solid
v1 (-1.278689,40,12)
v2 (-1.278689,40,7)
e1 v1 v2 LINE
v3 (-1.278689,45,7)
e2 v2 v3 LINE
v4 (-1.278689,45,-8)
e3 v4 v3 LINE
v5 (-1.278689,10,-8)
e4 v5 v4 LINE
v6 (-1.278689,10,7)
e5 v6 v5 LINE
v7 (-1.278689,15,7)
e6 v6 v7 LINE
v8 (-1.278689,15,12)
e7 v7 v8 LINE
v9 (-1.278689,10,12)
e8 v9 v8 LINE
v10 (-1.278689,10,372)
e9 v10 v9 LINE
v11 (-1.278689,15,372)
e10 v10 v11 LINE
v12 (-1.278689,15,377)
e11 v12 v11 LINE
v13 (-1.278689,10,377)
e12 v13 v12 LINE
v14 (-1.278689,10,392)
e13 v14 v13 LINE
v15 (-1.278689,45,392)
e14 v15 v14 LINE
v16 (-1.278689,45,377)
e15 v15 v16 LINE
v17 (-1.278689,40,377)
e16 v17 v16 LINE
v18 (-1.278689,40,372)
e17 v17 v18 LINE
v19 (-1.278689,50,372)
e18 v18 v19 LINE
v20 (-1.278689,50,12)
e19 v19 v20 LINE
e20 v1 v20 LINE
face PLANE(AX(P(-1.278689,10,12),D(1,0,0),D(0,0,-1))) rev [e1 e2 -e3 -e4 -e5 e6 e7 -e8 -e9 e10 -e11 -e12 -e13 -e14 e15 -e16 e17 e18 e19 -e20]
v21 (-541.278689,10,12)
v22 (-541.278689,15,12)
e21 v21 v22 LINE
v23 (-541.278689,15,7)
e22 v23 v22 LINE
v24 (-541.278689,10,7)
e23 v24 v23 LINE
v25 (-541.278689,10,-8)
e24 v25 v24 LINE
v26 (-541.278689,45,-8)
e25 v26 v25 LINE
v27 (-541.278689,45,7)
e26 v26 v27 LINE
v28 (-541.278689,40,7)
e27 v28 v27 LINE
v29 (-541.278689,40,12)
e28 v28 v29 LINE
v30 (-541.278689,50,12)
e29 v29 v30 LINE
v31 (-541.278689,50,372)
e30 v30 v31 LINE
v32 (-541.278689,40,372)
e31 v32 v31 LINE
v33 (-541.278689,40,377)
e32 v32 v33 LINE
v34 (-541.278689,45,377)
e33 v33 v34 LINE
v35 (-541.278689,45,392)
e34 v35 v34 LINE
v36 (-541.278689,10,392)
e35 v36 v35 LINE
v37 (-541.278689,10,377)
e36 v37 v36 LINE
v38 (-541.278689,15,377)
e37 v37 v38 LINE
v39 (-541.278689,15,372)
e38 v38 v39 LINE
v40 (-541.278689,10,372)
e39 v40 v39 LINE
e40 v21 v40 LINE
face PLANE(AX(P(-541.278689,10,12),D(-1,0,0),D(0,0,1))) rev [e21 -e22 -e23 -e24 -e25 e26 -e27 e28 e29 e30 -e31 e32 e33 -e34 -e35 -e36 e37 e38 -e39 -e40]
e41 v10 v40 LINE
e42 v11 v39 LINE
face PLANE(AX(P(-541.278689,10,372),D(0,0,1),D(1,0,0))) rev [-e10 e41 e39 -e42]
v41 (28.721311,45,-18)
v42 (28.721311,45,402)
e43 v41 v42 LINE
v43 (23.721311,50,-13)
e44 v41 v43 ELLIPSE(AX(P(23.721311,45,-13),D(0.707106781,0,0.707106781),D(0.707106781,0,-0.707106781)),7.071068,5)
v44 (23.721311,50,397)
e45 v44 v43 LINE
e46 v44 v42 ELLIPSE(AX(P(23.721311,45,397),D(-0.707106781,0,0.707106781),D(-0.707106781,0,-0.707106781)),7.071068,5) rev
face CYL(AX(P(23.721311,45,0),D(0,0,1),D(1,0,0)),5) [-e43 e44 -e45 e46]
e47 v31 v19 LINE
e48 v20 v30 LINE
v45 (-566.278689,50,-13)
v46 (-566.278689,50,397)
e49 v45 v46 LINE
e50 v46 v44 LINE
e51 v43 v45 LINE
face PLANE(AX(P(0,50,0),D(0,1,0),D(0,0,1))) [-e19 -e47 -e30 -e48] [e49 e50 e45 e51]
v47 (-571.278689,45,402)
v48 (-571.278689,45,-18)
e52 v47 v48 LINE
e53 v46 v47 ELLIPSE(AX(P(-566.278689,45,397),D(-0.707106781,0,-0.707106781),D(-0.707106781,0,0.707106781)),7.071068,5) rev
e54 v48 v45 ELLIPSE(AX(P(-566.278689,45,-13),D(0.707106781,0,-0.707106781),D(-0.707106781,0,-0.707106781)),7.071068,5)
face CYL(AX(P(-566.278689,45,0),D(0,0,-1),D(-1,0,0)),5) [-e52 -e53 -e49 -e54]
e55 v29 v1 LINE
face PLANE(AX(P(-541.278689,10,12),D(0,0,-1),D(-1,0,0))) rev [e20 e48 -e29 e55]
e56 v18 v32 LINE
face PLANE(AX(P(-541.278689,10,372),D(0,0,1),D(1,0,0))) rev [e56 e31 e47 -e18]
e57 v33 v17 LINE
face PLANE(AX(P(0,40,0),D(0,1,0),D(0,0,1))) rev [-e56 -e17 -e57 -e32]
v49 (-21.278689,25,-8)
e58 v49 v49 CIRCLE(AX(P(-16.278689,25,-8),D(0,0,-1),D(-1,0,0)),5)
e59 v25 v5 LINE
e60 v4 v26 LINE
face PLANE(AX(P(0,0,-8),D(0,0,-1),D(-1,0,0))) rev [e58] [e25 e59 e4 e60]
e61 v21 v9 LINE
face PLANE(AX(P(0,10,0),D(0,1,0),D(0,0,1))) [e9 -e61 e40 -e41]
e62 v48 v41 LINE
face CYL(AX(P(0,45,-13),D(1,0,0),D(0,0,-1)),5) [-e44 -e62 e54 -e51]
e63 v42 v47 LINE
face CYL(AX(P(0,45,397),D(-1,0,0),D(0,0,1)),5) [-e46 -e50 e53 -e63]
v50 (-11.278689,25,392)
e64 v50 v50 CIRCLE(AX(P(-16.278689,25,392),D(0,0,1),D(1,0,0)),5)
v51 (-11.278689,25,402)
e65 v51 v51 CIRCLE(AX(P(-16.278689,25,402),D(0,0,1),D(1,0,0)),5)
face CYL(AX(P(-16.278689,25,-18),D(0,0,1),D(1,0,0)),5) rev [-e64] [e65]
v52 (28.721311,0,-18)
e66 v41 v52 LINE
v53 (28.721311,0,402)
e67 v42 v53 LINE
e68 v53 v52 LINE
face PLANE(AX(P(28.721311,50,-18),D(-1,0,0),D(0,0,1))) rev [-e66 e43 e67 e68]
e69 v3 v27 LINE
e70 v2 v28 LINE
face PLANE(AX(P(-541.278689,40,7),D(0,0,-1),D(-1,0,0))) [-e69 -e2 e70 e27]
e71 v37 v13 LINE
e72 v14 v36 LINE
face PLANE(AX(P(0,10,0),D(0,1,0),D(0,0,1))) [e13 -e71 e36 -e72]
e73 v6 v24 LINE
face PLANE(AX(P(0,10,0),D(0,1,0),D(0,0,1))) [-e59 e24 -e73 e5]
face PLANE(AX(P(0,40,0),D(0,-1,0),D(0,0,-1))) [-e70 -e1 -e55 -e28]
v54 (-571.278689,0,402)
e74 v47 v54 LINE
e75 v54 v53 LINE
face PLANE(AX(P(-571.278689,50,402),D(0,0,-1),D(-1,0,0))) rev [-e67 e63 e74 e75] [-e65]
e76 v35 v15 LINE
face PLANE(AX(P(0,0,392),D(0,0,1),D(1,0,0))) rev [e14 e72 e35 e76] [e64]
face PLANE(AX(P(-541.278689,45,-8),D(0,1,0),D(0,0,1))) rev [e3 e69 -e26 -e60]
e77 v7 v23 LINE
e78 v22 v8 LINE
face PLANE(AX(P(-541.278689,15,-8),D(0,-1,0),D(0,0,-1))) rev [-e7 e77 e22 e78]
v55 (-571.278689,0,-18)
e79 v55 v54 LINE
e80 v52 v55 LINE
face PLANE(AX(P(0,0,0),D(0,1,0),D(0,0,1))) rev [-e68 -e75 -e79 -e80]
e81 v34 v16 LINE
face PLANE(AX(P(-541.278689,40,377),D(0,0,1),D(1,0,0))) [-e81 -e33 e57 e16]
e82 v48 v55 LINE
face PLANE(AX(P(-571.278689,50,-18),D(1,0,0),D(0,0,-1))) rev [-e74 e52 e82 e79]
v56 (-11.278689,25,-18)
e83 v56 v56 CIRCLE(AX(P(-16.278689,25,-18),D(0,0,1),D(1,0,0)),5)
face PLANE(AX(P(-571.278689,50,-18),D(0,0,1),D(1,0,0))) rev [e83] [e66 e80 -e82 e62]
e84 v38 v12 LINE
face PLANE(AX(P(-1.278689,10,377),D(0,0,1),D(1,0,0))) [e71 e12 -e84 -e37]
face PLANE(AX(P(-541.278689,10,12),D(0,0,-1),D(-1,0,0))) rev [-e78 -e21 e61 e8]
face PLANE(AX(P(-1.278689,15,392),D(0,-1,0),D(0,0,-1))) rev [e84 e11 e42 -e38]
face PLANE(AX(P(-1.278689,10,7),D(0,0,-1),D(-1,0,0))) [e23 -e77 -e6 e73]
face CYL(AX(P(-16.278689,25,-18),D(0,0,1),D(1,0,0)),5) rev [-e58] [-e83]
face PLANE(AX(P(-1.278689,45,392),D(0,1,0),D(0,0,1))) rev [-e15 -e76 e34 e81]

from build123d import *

# Parameters (mm, degrees)
SKETCH_1_W          = 600
SKETCH_1_H          = 420
EXTRUDE_1_DEPTH     = 50
SKETCH_2_W          = 540
SKETCH_2_H          = 360
CUT_EXTRUDE_1_DEPTH = 40
SKETCH_3_W          = 540
SKETCH_3_H          = 30
CUT_EXTRUDE_2_DEPTH = 20
SKETCH_4_W          = 540
SKETCH_4_H          = 30
CUT_EXTRUDE_3_DEPTH = 20
SKETCH_6_W          = 540
SKETCH_6_H          = 5
EXTRUDE_3_DEPTH     = 40
SKETCH_7_W          = 540
SKETCH_7_H          = 5
EXTRUDE_4_DEPTH     = 40
SKETCH_8_W          = 540
SKETCH_8_H          = 30
CUT_EXTRUDE_4_DEPTH = 20
SKETCH_9_W          = 540
SKETCH_9_H          = 30
CUT_EXTRUDE_5_DEPTH = 20
SKETCH_11_W         = 540
SKETCH_11_H         = 5
EXTRUDE_6_DEPTH     = 10
SKETCH_12_R         = 5
CUT_EXTRUDE_6_DEPTH = 711.815967718
FILLET_1_R          = 5


with BuildPart() as part:
    # 스케치1 → 보스-돌출1 (new body)
    with BuildSketch(Plane(origin=(0, 0, 0), x_dir=(1, 0, 0), z_dir=(0, 1, 0))):
        with Locations((-271.278688525, -192)):
            Rectangle(SKETCH_1_W, SKETCH_1_H)
    extrude(amount=EXTRUDE_1_DEPTH)

    # 스케치2 → 컷-돌출1 (cut)
    with BuildSketch(Plane(origin=(0, 50, 0), x_dir=(1, 0, 0), z_dir=(0, 1, 0))):
        with Locations((-271.278688525, -192)):
            Rectangle(SKETCH_2_W, SKETCH_2_H)
    extrude(amount=-CUT_EXTRUDE_1_DEPTH, mode=Mode.SUBTRACT)

    # 스케치3 → 컷-돌출2 (cut)
    with BuildSketch(Plane.XY.offset(12)):
        with Locations((-271.278688525, 25)):
            Rectangle(SKETCH_3_W, SKETCH_3_H)
    extrude(amount=-CUT_EXTRUDE_2_DEPTH, mode=Mode.SUBTRACT)

    # 스케치4 → 컷-돌출3 (cut)
    with BuildSketch(Plane(origin=(0, 0, 372), x_dir=(-1, 0, 0), z_dir=(0, 0, -1))):
        with Locations((271.278688525, 25)):
            Rectangle(SKETCH_4_W, SKETCH_4_H)
    extrude(amount=-CUT_EXTRUDE_3_DEPTH, mode=Mode.SUBTRACT)

    # 스케치6 → 보스-돌출3 (add)
    with BuildSketch(Plane(origin=(0, 50, 0), x_dir=(1, 0, 0), z_dir=(0, 1, 0))):
        with Locations((-271.278688525, -9.5)):
            Rectangle(SKETCH_6_W, SKETCH_6_H)
    extrude(amount=-EXTRUDE_3_DEPTH)

    # 스케치7 → 보스-돌출4 (add)
    with BuildSketch(Plane(origin=(0, 50, 0), x_dir=(1, 0, 0), z_dir=(0, 1, 0))):
        with Locations((-271.278688525, -374.5)):
            Rectangle(SKETCH_7_W, SKETCH_7_H)
    extrude(amount=-EXTRUDE_4_DEPTH)

    # 스케치8 → 컷-돌출4 (cut)
    with BuildSketch(Plane(origin=(0, 0, 372), x_dir=(-1, 0, 0), z_dir=(0, 0, -1))):
        with Locations((271.278688525, 30)):
            Rectangle(SKETCH_8_W, SKETCH_8_H)
    extrude(amount=-CUT_EXTRUDE_4_DEPTH, mode=Mode.SUBTRACT)

    # 스케치9 → 컷-돌출5 (cut)
    with BuildSketch(Plane.XY.offset(12)):
        with Locations((-271.278688525, 30)):
            Rectangle(SKETCH_9_W, SKETCH_9_H)
    extrude(amount=-CUT_EXTRUDE_5_DEPTH, mode=Mode.SUBTRACT)

    # 스케치11 → 보스-돌출6 (add)
    with BuildSketch(Plane(origin=(0, 50, 0), x_dir=(1, 0, 0), z_dir=(0, 1, 0))):
        with Locations((-271.278688525, -9.5)):
            Rectangle(SKETCH_11_W, SKETCH_11_H)
        with Locations((-271.278688525, -374.5)):
            Rectangle(SKETCH_11_W, SKETCH_11_H)
    extrude(amount=-EXTRUDE_6_DEPTH)

    # 스케치12 → 컷-돌출6 (cut, through all)
    with BuildSketch(Plane.XY.offset(402)):
        with Locations((-16.278688525, 25)):
            Circle(SKETCH_12_R)
    extrude(amount=-CUT_EXTRUDE_6_DEPTH, mode=Mode.SUBTRACT)

    # 필렛1
    fillet_1_edges = [part.edges().sort_by_distance(p)[0] for p in [
        (28.721311475, 50, 192),
        (-271.278688525, 50, -18),
        (-571.278688525, 50, 192),
        (-271.278688525, 50, 402),
    ]]
    fillet(fillet_1_edges, radius=FILLET_1_R)


solid = part.part
